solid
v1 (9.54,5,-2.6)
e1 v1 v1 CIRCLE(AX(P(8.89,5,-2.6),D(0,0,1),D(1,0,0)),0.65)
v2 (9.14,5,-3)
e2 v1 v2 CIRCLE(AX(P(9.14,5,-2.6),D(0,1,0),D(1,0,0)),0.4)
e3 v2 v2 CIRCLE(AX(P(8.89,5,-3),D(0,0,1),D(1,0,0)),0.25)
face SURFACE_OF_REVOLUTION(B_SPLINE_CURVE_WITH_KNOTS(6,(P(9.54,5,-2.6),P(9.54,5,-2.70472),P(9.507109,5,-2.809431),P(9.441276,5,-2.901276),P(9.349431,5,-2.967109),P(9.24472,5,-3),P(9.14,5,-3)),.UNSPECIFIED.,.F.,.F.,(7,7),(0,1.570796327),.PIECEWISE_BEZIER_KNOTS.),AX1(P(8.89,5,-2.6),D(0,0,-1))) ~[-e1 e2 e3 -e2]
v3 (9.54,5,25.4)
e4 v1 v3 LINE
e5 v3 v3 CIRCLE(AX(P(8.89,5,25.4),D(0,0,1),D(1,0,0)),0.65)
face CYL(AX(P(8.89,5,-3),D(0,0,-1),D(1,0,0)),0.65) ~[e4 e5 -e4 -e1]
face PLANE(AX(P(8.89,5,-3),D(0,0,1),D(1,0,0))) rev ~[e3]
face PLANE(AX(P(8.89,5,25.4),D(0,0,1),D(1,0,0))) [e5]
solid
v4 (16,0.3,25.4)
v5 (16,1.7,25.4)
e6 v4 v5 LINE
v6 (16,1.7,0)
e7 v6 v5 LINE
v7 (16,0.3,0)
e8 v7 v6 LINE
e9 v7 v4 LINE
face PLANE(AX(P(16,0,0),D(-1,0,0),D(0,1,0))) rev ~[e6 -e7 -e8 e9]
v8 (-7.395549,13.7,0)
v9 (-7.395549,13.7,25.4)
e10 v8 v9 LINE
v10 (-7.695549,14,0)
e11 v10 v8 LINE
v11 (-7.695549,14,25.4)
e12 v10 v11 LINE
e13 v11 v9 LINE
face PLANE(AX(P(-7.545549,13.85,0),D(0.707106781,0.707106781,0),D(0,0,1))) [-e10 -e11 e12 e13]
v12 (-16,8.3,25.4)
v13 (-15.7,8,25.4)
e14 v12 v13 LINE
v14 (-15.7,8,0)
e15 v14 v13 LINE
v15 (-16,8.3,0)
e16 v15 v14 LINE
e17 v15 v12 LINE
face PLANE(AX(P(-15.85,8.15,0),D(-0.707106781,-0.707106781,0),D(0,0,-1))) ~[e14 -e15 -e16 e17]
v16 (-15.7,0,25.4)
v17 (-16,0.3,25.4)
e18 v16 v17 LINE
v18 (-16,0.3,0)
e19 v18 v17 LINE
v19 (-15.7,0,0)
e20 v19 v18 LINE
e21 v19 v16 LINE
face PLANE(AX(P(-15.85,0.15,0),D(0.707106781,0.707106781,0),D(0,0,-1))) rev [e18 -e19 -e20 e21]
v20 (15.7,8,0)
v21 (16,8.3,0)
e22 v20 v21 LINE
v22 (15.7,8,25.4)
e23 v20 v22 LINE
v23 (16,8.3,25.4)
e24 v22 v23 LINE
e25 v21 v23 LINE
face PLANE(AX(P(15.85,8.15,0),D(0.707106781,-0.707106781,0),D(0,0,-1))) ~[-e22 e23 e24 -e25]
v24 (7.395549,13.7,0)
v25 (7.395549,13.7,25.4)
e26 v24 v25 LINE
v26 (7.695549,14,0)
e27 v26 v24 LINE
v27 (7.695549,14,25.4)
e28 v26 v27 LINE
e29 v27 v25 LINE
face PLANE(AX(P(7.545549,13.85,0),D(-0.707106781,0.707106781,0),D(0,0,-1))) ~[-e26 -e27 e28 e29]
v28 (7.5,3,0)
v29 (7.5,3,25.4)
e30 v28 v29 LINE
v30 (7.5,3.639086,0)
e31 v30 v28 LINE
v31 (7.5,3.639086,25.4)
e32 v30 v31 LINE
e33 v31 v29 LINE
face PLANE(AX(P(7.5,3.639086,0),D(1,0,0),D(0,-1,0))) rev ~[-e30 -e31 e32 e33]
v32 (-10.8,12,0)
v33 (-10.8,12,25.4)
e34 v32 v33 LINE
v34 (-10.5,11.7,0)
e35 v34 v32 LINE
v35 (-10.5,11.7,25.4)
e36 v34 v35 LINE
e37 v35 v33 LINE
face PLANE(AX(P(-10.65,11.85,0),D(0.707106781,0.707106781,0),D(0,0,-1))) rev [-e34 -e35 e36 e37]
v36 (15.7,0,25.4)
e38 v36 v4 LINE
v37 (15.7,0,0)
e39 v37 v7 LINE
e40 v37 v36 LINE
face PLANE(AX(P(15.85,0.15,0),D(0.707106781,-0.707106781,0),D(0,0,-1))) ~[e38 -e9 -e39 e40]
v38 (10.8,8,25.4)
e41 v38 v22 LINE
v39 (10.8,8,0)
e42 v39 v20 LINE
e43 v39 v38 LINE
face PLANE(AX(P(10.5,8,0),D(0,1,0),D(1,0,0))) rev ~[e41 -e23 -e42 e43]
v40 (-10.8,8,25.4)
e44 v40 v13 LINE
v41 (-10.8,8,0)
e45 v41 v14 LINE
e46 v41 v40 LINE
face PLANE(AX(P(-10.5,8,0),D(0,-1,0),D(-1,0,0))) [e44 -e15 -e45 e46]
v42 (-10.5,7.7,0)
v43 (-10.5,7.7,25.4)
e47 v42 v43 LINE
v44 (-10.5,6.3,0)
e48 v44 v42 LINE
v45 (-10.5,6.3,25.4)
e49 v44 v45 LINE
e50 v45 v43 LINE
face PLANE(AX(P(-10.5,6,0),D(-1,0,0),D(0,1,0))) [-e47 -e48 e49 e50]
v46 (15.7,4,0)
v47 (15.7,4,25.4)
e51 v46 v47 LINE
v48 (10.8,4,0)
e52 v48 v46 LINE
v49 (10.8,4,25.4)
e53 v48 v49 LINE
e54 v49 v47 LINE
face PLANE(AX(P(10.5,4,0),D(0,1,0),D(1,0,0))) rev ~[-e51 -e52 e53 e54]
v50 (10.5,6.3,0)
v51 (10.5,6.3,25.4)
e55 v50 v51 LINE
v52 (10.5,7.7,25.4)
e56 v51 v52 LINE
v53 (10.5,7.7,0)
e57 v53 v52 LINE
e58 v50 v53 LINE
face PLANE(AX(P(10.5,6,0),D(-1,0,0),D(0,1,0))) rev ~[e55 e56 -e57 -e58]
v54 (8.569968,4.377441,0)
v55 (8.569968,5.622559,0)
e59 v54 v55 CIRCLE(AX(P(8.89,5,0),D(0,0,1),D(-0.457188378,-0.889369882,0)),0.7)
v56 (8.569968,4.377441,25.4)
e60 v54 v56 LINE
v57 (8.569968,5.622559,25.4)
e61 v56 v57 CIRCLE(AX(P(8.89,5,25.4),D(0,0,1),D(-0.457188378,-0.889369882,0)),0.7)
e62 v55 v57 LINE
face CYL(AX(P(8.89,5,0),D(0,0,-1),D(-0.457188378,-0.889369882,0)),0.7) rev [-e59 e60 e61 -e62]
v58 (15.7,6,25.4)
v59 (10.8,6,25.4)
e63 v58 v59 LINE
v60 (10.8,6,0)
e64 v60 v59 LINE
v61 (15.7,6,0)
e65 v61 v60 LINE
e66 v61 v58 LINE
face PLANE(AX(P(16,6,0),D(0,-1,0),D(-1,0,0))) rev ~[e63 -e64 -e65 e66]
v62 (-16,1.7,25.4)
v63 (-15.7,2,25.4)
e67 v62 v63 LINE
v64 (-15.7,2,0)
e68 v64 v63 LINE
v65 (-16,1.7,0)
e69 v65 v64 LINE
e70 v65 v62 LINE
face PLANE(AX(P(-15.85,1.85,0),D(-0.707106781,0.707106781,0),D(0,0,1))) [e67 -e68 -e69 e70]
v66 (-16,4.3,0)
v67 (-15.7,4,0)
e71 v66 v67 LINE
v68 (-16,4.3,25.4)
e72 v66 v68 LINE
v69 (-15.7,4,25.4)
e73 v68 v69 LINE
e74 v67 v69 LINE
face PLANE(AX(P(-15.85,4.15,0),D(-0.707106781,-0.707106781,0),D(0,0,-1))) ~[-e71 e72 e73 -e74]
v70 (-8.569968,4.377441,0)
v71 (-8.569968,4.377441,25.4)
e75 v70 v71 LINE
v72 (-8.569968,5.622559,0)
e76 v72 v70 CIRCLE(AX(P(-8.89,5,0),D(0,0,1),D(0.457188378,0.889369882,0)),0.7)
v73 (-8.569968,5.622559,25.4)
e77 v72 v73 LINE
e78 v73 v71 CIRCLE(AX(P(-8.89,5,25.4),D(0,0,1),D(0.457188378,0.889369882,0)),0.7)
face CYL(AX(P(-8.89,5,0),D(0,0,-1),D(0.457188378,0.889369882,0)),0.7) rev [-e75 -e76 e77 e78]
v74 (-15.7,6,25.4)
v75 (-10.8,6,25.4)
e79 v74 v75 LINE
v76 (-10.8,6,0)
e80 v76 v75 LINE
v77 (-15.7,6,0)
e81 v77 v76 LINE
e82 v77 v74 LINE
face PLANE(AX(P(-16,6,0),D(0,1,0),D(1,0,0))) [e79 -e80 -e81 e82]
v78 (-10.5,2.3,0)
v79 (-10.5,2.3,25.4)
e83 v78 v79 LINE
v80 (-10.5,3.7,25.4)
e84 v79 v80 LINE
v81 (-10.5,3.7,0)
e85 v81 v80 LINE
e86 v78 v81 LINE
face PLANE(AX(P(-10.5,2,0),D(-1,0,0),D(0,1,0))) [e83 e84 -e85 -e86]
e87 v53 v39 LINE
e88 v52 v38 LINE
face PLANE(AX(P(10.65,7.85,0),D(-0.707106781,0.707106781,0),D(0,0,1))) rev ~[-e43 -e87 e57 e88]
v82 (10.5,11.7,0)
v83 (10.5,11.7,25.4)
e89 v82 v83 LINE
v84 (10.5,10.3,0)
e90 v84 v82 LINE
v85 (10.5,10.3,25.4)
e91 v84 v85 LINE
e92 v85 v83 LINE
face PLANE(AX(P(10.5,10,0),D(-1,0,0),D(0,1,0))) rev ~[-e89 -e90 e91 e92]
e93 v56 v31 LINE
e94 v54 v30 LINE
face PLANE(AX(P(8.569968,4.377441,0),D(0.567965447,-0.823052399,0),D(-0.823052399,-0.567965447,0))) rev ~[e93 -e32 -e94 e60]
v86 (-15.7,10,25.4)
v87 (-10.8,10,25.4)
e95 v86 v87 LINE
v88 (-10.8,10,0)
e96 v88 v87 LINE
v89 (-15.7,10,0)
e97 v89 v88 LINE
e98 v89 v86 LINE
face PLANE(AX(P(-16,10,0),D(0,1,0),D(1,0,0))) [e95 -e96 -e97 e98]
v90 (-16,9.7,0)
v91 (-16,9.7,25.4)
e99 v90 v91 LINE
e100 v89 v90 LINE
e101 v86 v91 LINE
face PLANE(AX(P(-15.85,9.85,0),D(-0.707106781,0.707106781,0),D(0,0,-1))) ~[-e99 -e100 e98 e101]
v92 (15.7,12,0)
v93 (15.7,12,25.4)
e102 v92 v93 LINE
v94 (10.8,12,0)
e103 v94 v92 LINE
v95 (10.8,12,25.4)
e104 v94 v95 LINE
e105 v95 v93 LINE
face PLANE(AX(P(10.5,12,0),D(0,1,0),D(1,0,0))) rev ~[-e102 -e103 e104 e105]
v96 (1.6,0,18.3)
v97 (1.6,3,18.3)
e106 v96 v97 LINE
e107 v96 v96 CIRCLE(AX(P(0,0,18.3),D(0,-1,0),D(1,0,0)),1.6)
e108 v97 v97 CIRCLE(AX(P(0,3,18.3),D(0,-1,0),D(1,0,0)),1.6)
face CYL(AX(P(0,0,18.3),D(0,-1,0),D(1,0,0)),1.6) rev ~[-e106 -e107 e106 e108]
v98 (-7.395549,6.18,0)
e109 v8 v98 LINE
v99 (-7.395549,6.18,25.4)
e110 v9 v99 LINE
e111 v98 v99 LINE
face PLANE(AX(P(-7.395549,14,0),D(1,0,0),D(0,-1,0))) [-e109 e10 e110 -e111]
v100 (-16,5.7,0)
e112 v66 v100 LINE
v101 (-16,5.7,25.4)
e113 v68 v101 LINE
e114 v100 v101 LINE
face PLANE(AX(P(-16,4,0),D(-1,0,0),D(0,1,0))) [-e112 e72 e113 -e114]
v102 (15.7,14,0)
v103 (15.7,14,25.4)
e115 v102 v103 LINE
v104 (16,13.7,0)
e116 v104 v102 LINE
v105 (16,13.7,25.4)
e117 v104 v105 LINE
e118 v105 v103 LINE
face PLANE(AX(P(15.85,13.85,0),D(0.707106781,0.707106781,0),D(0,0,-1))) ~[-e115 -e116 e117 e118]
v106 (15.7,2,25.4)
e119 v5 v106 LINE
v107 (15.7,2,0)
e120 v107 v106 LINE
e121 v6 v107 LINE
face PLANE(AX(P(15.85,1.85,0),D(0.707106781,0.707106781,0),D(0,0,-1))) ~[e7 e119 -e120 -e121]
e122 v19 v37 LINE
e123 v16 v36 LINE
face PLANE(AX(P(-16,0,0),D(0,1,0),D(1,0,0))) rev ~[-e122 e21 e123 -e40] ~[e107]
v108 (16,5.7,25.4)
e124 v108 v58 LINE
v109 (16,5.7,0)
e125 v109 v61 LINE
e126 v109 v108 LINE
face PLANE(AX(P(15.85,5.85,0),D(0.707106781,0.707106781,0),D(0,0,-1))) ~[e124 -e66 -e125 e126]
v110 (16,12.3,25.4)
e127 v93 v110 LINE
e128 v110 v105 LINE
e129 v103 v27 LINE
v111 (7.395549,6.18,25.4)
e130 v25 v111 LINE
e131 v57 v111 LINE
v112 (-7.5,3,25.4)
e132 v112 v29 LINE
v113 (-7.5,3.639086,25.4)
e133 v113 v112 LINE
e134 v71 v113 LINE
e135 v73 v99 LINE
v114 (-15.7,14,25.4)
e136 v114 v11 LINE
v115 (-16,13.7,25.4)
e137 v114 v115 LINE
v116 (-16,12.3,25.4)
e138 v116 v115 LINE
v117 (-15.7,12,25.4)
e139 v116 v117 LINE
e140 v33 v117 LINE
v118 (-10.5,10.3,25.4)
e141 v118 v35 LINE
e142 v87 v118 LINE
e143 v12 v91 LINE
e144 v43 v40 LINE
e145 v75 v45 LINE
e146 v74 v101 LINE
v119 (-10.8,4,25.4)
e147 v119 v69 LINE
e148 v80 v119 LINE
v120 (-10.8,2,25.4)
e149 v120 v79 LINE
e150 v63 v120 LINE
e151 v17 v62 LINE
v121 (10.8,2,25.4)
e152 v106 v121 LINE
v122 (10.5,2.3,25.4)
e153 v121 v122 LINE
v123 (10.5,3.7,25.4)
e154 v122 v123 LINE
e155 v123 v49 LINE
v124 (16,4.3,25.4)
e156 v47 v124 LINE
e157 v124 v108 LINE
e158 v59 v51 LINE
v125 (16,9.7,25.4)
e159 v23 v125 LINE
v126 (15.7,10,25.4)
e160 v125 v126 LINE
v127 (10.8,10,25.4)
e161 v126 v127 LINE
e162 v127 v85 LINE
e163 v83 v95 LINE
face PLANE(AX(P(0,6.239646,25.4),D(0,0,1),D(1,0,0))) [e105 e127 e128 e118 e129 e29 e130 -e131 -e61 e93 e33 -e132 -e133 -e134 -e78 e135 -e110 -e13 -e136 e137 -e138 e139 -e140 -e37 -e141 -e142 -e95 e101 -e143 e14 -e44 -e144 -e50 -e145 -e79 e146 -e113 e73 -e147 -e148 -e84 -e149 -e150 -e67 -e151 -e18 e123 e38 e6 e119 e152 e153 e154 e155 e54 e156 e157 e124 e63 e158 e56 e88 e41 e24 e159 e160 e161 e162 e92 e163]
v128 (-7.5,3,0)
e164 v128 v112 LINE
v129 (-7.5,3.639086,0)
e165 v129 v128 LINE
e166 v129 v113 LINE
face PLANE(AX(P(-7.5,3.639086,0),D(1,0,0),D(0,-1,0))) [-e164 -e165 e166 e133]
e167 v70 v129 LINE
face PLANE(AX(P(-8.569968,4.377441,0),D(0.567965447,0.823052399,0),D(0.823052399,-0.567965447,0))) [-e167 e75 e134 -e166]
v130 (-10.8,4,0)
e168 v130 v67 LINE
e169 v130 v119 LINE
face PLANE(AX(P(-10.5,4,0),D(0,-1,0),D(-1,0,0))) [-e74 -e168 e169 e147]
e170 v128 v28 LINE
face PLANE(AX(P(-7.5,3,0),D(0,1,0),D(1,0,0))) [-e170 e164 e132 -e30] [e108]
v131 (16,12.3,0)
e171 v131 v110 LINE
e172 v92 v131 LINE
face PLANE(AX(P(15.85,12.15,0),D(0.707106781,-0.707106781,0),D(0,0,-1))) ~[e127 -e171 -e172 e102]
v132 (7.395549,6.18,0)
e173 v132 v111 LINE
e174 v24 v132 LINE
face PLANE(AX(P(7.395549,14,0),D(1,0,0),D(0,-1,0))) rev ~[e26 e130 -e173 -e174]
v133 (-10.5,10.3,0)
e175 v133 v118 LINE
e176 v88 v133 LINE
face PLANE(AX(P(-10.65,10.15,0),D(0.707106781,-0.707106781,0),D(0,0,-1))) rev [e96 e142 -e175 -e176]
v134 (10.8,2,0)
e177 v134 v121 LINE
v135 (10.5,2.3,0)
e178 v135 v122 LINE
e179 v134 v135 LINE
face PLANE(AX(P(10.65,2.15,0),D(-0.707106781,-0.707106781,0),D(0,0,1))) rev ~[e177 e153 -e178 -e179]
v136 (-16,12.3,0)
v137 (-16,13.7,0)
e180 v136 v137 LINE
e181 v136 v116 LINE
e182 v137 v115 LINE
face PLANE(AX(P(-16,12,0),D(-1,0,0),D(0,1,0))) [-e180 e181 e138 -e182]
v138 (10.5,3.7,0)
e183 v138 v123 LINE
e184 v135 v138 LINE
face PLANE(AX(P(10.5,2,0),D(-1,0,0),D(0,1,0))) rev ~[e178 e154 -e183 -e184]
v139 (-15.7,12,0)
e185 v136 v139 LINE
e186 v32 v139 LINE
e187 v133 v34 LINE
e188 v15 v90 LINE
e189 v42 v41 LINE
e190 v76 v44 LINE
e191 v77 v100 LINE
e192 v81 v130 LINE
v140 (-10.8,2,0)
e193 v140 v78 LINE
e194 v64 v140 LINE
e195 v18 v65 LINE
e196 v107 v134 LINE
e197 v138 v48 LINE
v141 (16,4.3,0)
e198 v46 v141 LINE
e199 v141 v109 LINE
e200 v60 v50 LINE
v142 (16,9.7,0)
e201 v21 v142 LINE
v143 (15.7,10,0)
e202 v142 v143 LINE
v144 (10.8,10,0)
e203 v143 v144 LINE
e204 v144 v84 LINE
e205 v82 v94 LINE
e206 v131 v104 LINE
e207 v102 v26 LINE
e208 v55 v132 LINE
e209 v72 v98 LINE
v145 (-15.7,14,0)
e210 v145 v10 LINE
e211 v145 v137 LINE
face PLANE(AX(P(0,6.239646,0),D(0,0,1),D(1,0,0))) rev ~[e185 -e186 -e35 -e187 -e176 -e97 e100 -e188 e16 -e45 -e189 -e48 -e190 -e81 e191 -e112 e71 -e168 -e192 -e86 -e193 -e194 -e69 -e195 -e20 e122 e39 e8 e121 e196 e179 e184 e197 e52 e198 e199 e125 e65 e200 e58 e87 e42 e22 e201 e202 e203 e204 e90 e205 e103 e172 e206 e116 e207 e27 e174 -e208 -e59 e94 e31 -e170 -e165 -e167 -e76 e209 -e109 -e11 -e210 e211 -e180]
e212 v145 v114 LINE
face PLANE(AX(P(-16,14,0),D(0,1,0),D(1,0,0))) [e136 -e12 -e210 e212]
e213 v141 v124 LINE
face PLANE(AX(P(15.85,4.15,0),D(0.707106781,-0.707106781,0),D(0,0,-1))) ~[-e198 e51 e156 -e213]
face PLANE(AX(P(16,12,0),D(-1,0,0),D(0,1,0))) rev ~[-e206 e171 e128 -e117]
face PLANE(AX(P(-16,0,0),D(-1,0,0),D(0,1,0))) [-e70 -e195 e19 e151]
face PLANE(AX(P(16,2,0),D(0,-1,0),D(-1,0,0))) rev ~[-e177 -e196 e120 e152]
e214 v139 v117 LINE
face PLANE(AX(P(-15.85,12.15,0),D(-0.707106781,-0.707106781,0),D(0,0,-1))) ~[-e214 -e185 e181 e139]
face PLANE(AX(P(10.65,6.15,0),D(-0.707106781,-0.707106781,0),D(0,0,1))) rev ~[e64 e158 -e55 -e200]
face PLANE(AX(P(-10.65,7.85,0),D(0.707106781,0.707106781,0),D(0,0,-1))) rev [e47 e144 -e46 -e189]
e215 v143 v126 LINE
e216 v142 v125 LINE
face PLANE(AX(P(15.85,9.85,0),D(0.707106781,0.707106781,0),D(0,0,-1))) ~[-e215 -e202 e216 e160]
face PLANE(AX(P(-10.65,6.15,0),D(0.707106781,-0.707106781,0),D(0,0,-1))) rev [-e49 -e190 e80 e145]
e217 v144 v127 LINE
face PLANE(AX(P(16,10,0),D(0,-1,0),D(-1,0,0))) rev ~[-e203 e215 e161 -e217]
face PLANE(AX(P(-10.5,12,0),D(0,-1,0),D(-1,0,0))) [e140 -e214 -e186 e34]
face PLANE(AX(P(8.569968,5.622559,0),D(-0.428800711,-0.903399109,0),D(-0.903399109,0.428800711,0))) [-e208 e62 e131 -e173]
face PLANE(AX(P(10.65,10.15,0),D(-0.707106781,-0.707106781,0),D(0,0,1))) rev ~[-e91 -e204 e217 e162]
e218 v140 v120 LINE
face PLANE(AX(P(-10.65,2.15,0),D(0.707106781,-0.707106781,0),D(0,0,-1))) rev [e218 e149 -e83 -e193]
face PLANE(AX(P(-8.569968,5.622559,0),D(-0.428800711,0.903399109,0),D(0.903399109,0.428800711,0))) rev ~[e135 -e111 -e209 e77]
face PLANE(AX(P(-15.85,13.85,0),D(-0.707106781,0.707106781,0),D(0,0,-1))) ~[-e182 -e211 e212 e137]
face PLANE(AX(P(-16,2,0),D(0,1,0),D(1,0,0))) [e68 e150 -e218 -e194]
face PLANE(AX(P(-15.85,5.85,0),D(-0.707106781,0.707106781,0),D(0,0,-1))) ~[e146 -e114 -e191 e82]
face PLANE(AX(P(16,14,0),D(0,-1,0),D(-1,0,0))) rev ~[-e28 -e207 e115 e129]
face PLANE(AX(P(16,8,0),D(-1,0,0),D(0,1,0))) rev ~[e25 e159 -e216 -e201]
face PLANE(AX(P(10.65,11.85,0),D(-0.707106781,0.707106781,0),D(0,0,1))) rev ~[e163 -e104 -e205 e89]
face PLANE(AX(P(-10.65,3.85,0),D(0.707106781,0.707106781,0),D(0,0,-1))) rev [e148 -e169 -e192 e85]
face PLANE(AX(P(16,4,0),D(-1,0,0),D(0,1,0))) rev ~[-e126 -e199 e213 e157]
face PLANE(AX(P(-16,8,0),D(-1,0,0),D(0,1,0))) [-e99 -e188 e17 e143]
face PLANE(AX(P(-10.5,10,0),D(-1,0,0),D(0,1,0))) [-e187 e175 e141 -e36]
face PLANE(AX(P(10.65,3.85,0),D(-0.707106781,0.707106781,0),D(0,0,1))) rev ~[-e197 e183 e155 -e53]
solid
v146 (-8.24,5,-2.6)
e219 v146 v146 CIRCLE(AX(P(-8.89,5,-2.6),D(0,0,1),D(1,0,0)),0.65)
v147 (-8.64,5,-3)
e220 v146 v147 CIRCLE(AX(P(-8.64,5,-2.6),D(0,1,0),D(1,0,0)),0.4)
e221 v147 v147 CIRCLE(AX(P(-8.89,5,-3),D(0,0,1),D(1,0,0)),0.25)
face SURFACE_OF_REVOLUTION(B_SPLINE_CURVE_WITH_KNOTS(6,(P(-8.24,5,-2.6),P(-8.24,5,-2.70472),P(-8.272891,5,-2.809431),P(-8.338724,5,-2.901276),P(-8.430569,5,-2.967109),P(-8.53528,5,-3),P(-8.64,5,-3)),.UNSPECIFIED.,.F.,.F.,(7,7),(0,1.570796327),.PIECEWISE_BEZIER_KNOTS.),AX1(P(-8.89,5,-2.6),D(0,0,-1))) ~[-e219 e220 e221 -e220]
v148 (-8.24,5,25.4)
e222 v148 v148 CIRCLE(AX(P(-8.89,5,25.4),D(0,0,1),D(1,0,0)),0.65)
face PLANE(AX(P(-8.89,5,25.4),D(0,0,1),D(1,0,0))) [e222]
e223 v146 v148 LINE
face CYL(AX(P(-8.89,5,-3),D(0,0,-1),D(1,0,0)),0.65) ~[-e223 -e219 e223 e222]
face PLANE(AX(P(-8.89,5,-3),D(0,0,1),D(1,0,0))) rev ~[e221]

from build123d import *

# Parameters (mm, degrees)
PAD_DEPTH       = 25.4
SKETCH001_R     = 1.6
POCKET_DEPTH    = 14.001
CHAMFER_SIZE    = 0.3
CHAMFER001_SIZE = 0.3
CHAMFER002_SIZE = 0.3
CHAMFER003_SIZE = 0.3
CHAMFER004_SIZE = 0.3
SKETCH002_R     = 0.65
PAD001_DEPTH    = 28.4
FILLET_R        = 0.4
SKETCH003_R     = 0.65
PAD002_DEPTH    = 28.4
FILLET001_R     = 0.4


with BuildPart() as body:
    # Sketch → Pad (new body)
    with BuildSketch(Plane.XY):
        with BuildLine():
            Line((-16, 0), (16, 0))
            Line((16, 0), (16, 2))
            Line((16, 2), (10.5, 2))
            Line((10.5, 2), (10.5, 4))
            Line((10.5, 4), (16, 4))
            Line((16, 4), (16, 6))
            Line((16, 6), (10.5, 6))
            Line((10.5, 6), (10.5, 8))
            Line((10.5, 8), (16, 8))
            Line((16, 8), (16, 10))
            Line((16, 10), (10.5, 10))
            Line((10.5, 10), (10.5, 12))
            Line((10.5, 12), (16, 12))
            Line((16, 12), (16, 14))
            Line((16, 14), (7.395549, 14))
            Line((7.395549, 14), (7.395549, 6.18))
            Line((8.569968, 5.622559), (7.395549, 6.18))
            ThreePointArc((8.569968, 4.377441), (9.59, 5), (8.569968, 5.622559))
            Line((8.569968, 4.377441), (7.5, 3.639086))
            Line((7.5, 3.639086), (7.5, 3))
            Line((-7.5, 3), (7.5, 3))
            Line((-7.5, 3.639086), (-7.5, 3))
            Line((-8.569968, 4.377441), (-7.5, 3.639086))
            ThreePointArc((-8.569968, 5.622559), (-9.59, 5), (-8.569968, 4.377441))
            Line((-8.569968, 5.622559), (-7.395549, 6.18))
            Line((-7.395549, 14), (-7.395549, 6.18))
            Line((-16, 14), (-7.395549, 14))
            Line((-16, 12), (-16, 14))
            Line((-10.5, 12), (-16, 12))
            Line((-10.5, 10), (-10.5, 12))
            Line((-16, 10), (-10.5, 10))
            Line((-16, 8), (-16, 10))
            Line((-10.5, 8), (-16, 8))
            Line((-10.5, 6), (-10.5, 8))
            Line((-16, 6), (-10.5, 6))
            Line((-16, 4), (-16, 6))
            Line((-10.5, 4), (-16, 4))
            Line((-10.5, 2), (-10.5, 4))
            Line((-16, 2), (-10.5, 2))
            Line((-16, 0), (-16, 2))
        make_face()
    extrude(amount=PAD_DEPTH)

    # Sketch001 (on Face2 of Pad) → Pocket (cut, through all)
    with BuildSketch(Plane.XZ):
        with Locations((0, 18.3)):
            Circle(SKETCH001_R)
    extrude(amount=-POCKET_DEPTH, mode=Mode.SUBTRACT)

    # Chamfer
    chamfer_edges = [body.edges().sort_by_distance(p)[0] for p in [
        (-16, 14, 12.7),
        (-16, 12, 12.7),
        (-16, 10, 12.7),
        (-16, 8, 12.7),
        (-16, 6, 12.7),
        (-16, 4, 12.7),
        (-16, 2, 12.7),
        (-16, 0, 12.7),
    ]]
    chamfer(chamfer_edges, length=CHAMFER_SIZE)

    # Chamfer001
    chamfer001_edges = [body.edges().sort_by_distance(p)[0] for p in [
        (-10.5, 12, 12.7),
        (-10.5, 8, 12.7),
        (-10.5, 4, 12.7),
        (-10.5, 10, 12.7),
        (-10.5, 6, 12.7),
        (-10.5, 2, 12.7),
    ]]
    chamfer(chamfer001_edges, length=CHAMFER001_SIZE)

    # Chamfer002
    chamfer002_edges = [body.edges().sort_by_distance(p)[0] for p in [
        (16, 14, 12.7),
        (16, 12, 12.7),
        (16, 10, 12.7),
        (16, 8, 12.7),
        (16, 6, 12.7),
        (16, 4, 12.7),
        (16, 2, 12.7),
        (16, 0, 12.7),
    ]]
    chamfer(chamfer002_edges, length=CHAMFER002_SIZE)

    # Chamfer003
    chamfer003_edges = [body.edges().sort_by_distance(p)[0] for p in [
        (10.5, 2, 12.7),
        (10.5, 6, 12.7),
        (10.5, 10, 12.7),
        (10.5, 4, 12.7),
        (10.5, 8, 12.7),
        (10.5, 12, 12.7),
    ]]
    chamfer(chamfer003_edges, length=CHAMFER003_SIZE)

    # Chamfer004
    chamfer004_edges = [body.edges().sort_by_distance(p)[0] for p in [
        (-7.395549, 14, 12.7),
        (7.395549, 14, 12.7),
    ]]
    chamfer(chamfer004_edges, length=CHAMFER004_SIZE)


with BuildPart() as body001:
    # Sketch002 → Pad001 (new body)
    with BuildSketch(Plane.XY.offset(-3)):
        with Locations((-8.89, 5)):
            Circle(SKETCH002_R)
    extrude(amount=PAD001_DEPTH)

    # Fillet
    fillet_edges = [body001.edges().sort_by_distance(p)[0] for p in [
        (-9.54, 5, -3),
    ]]
    fillet(fillet_edges, radius=FILLET_R)


with BuildPart() as body002:
    # Sketch003 → Pad002 (new body)
    with BuildSketch(Plane.XY.offset(-3)):
        with Locations((8.89, 5)):
            Circle(SKETCH003_R)
    extrude(amount=PAD002_DEPTH)

    # Fillet001
    fillet001_edges = [body002.edges().sort_by_distance(p)[0] for p in [
        (8.24, 5, -3),
    ]]
    fillet(fillet001_edges, radius=FILLET001_R)


solid = Compound([body.part, body001.part, body002.part])
